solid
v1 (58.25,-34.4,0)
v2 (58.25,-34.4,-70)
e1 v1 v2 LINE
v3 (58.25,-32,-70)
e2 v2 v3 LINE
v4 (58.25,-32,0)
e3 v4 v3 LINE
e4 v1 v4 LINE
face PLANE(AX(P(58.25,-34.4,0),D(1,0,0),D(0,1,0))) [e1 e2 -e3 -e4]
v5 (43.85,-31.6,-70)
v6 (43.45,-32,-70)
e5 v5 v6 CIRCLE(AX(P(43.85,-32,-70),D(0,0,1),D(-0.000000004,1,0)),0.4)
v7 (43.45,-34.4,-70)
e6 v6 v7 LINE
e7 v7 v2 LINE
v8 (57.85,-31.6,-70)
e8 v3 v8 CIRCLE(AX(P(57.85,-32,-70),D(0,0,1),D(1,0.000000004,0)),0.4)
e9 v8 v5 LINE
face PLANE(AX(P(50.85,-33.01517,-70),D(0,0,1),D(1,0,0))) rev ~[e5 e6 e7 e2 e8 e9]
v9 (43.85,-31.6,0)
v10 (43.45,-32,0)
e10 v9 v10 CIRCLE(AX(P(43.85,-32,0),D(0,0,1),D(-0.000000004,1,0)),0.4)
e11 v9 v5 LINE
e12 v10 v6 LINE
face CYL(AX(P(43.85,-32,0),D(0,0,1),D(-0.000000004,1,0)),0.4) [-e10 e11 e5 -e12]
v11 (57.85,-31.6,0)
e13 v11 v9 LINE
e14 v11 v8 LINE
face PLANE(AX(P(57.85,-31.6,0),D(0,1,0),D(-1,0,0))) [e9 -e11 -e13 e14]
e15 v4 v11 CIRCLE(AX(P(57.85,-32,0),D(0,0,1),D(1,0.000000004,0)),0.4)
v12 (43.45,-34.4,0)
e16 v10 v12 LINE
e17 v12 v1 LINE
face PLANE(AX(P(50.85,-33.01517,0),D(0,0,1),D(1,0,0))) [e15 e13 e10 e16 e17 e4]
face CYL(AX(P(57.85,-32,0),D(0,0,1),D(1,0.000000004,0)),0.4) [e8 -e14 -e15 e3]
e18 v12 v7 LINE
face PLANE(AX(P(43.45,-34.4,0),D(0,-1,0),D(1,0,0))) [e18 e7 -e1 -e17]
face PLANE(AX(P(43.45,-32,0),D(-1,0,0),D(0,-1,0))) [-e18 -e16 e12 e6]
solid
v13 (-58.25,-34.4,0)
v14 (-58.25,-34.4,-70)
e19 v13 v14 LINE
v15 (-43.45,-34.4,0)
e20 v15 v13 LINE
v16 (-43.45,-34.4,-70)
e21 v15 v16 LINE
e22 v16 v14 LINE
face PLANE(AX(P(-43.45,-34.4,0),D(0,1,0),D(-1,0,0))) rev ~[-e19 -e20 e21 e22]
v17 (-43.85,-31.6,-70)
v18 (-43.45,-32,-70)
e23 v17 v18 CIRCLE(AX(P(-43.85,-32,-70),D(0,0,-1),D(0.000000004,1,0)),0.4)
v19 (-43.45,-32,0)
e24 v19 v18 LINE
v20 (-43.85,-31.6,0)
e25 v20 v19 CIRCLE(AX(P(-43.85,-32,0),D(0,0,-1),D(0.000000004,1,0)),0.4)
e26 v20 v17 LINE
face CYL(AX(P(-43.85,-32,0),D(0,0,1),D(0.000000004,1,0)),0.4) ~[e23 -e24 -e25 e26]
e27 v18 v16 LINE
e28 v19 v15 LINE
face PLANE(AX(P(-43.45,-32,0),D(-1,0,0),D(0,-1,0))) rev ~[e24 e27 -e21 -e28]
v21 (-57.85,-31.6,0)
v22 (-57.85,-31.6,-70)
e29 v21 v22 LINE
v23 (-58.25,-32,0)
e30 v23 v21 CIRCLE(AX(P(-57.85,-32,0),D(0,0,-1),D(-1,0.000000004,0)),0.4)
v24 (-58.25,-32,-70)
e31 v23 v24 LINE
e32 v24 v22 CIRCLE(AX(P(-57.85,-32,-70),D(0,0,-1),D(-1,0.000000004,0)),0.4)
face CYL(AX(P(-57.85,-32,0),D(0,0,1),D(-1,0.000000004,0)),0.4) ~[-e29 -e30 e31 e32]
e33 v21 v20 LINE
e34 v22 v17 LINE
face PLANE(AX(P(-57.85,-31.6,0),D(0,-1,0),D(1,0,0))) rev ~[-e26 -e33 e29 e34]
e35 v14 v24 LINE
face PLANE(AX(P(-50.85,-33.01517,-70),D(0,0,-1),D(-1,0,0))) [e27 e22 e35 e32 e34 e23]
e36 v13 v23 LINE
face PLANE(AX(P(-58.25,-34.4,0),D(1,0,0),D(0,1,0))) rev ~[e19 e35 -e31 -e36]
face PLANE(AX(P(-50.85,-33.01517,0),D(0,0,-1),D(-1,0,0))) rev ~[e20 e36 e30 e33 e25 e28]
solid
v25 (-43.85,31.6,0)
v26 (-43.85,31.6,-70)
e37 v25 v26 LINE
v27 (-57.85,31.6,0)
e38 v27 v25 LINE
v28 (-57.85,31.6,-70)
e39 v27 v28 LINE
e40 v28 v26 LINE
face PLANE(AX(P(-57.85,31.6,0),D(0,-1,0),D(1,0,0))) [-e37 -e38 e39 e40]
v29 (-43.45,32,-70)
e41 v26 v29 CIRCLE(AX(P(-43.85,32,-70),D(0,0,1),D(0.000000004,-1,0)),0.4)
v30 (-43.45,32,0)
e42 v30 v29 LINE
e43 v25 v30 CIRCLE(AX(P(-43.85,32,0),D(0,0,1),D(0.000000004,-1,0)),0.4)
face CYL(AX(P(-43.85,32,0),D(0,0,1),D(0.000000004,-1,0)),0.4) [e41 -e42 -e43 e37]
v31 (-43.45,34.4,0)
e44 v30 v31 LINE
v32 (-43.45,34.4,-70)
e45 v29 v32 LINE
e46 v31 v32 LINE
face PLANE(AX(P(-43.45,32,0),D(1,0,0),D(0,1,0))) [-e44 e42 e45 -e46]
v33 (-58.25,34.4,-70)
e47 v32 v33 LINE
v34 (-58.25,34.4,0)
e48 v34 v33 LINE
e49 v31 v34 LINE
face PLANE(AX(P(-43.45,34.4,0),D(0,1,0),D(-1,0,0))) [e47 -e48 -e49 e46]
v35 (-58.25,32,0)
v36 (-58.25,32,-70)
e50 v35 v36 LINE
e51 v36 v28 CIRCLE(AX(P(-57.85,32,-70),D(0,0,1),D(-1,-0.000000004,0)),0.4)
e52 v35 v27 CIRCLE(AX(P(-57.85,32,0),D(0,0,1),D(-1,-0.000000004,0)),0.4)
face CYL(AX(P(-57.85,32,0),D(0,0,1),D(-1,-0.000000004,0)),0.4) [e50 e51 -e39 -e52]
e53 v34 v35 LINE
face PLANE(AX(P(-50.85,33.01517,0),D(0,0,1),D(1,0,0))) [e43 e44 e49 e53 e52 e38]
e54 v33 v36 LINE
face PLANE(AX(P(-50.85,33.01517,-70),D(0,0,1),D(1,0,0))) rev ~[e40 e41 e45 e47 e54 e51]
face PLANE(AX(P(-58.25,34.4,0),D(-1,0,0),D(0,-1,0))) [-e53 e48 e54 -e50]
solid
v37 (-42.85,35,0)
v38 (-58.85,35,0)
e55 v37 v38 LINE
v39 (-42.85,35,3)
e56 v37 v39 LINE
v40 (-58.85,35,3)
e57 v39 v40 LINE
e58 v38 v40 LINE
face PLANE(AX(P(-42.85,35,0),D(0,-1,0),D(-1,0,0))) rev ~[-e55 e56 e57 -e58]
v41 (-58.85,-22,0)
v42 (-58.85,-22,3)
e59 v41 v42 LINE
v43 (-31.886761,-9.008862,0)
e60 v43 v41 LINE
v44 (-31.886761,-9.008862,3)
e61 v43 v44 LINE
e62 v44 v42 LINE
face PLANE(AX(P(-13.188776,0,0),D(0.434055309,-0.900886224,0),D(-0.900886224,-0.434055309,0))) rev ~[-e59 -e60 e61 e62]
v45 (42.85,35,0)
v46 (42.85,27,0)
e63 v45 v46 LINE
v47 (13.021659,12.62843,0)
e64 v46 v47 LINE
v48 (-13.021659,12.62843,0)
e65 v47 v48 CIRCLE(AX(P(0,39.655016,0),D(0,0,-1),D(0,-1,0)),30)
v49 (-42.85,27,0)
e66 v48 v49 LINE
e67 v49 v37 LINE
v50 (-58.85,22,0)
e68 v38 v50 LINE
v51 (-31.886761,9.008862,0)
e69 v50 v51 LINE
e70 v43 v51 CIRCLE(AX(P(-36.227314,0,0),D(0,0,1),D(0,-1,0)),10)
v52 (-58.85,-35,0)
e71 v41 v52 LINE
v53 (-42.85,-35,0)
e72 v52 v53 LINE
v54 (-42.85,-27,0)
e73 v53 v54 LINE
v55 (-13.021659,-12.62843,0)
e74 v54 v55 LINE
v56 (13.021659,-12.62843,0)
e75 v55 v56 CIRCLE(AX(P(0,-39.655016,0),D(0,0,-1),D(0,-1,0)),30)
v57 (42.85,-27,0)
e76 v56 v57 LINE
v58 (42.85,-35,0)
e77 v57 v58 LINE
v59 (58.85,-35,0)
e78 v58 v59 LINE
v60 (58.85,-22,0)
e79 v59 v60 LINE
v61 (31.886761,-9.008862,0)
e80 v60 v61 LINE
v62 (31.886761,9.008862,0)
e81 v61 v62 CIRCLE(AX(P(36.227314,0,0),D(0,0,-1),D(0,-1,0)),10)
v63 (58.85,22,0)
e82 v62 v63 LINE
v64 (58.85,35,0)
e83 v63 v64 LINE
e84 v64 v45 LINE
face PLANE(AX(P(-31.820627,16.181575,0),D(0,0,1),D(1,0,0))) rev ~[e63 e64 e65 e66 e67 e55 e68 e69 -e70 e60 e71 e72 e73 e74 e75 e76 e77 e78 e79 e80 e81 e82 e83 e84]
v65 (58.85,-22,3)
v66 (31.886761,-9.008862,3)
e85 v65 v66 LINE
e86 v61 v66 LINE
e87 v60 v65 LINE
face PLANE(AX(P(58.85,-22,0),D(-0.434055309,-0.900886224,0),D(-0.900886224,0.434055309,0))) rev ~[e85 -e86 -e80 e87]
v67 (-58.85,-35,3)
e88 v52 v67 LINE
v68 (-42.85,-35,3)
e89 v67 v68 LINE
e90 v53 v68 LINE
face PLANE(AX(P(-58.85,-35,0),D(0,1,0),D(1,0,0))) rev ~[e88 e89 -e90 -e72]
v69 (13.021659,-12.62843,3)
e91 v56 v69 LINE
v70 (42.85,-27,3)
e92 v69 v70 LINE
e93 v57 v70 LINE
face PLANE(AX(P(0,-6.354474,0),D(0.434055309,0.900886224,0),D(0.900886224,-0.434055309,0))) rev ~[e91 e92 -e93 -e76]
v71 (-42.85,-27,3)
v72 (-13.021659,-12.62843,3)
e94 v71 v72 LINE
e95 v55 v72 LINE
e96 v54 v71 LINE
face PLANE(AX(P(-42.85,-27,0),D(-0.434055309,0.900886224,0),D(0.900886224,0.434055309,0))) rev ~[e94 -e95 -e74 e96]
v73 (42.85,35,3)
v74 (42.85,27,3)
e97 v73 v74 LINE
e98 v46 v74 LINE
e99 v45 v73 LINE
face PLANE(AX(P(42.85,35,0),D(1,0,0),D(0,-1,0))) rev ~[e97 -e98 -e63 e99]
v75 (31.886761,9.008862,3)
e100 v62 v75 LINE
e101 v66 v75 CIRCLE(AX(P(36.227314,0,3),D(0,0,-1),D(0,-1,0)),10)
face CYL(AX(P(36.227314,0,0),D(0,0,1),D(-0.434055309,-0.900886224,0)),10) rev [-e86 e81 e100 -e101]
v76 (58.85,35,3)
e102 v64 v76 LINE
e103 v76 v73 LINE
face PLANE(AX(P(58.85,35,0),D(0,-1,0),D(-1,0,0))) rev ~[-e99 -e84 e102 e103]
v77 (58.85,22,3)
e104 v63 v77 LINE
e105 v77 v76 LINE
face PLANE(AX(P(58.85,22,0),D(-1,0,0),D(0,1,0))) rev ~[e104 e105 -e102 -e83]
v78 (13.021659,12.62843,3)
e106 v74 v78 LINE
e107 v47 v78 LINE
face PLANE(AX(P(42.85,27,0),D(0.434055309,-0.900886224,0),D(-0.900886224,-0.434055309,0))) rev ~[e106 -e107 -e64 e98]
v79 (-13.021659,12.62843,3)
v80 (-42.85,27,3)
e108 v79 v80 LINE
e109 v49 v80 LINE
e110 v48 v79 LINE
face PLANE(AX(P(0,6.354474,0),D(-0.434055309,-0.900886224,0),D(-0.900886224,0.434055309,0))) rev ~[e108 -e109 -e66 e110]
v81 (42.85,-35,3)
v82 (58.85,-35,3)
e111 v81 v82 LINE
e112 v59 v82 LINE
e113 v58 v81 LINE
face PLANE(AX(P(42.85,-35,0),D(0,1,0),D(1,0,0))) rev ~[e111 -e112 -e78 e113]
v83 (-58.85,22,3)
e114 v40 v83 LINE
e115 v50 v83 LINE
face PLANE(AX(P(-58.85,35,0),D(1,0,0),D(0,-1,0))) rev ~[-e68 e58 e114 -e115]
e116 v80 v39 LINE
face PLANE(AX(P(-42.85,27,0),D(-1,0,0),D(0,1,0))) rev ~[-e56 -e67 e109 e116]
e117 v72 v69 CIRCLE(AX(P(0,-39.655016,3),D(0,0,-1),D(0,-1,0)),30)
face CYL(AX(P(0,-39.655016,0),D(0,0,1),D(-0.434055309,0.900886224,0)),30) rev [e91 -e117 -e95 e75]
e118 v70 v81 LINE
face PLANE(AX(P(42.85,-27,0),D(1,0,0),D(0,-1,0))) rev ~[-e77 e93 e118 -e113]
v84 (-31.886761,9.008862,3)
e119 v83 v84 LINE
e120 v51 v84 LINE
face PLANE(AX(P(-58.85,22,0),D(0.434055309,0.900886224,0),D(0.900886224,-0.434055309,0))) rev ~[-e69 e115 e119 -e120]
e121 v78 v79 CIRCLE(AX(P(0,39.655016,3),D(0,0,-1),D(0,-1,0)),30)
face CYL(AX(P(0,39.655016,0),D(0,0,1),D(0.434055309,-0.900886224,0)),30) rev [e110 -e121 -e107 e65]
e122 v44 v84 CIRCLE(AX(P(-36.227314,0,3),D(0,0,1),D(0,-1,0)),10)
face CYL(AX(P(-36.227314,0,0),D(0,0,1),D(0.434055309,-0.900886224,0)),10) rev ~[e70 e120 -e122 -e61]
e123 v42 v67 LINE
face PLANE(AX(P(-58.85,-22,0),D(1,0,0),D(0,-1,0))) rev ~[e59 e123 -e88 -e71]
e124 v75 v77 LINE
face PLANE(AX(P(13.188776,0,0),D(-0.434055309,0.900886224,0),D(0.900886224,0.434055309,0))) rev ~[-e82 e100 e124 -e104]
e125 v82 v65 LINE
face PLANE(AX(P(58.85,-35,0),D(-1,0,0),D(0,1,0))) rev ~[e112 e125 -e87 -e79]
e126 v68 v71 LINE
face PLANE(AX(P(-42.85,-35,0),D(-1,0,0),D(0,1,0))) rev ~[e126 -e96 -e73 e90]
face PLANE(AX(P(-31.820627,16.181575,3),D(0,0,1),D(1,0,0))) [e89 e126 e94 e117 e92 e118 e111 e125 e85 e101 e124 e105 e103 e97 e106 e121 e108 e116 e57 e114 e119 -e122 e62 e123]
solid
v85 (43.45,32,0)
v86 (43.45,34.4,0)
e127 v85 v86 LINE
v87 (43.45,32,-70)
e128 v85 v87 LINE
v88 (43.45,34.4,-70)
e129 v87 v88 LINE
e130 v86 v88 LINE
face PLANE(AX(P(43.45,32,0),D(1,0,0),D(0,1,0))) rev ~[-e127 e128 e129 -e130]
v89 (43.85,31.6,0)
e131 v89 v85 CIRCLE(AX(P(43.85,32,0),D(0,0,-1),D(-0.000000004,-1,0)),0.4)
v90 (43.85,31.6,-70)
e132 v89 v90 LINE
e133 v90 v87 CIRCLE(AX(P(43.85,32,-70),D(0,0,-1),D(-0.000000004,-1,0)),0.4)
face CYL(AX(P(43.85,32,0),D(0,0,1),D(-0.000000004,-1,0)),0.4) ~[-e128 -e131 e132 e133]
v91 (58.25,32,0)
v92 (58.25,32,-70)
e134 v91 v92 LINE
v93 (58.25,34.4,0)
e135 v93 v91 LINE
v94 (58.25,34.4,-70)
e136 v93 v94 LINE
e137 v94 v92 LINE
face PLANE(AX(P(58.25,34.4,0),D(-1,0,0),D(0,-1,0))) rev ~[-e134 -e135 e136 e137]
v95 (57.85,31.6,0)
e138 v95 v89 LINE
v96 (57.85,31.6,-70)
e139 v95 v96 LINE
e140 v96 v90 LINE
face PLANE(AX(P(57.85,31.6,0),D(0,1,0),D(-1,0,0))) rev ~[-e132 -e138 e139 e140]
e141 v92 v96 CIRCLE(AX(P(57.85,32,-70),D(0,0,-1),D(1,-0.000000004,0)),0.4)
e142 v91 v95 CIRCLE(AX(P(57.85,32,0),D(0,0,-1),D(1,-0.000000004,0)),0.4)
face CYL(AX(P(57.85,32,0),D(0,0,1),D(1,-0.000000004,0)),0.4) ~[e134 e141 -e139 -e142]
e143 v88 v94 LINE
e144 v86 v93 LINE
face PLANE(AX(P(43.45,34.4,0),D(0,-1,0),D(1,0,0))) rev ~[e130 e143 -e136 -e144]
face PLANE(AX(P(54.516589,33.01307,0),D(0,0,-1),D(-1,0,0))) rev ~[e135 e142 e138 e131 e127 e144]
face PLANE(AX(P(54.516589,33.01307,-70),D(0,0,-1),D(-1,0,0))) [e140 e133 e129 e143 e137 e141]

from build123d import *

# Parameters (mm, degrees)
EXTRUDE_1_DEPTH = 3
FILLET_1_R      = 30
FILLET_2_R      = 10
EXTRUDE_2_DEPTH = 70


with BuildPart() as part:
    # Эскиз1 → Бобышка-Вытянуть1 (new body)
    with BuildSketch(Plane.XY):
        with BuildLine():
            ThreePointArc((-57.85, 31), (-58.557106781, 31.292893219), (-58.85, 32))
            Line((-58.85, 32), (-58.85, 22))
            Line((-58.85, 22), (-13.18877551, 0))
            Line((-13.18877551, 0), (0, 6.354473943))
            Line((0, 6.354473943), (-42.85, 27))
            Line((-42.85, 27), (-42.85, 32))
            ThreePointArc((-42.85, 32), (-43.142893219, 31.292893219), (-43.85, 31))
            Line((-43.85, 31), (-57.85, 31))
        make_face()
        with BuildLine():
            Line((42.85, 27), (0, 6.354473943))
            Line((0, 6.354473943), (13.18877551, 0))
            Line((13.18877551, 0), (58.85, 22))
            Line((58.85, 22), (58.85, 32))
            ThreePointArc((58.85, 32), (58.557106781, 31.292893219), (57.85, 31))
            Line((57.85, 31), (43.85, 31))
            ThreePointArc((43.85, 31), (43.142893219, 31.292893219), (42.85, 32))
            Line((42.85, 32), (42.85, 27))
        make_face()
        with BuildLine():
            Line((-58.85, -22), (-58.85, -32))
            ThreePointArc((-58.85, -32), (-58.557106781, -31.292893219), (-57.85, -31))
            Line((-57.85, -31), (-43.85, -31))
            ThreePointArc((-43.85, -31), (-43.142893219, -31.292893219), (-42.85, -32))
            Line((-42.85, -32), (-42.85, -27))
            Line((-42.85, -27), (0, -6.354473943))
            Line((0, -6.354473943), (-13.18877551, 0))
            Line((-13.18877551, 0), (-58.85, -22))
        make_face()
        with BuildLine():
            Line((42.85, -27), (42.85, -32))
            ThreePointArc((42.85, -32), (43.142893219, -31.292893219), (43.85, -31))
            Line((43.85, -31), (57.85, -31))
            ThreePointArc((57.85, -31), (58.557106781, -31.292893219), (58.85, -32))
            Line((58.85, -32), (58.85, -22))
            Line((58.85, -22), (13.18877551, 0))
            Line((13.18877551, 0), (0, -6.354473943))
            Line((0, -6.354473943), (42.85, -27))
        make_face()
        Polygon((0, 6.354473943), (-13.18877551, 0), (0, -6.354473943), (13.18877551, 0), align=None)
        with BuildLine():
            Line((-42.85, 35), (-58.85, 35))
            Line((-58.85, 35), (-58.85, 32))
            ThreePointArc((-58.85, 32), (-58.557106781, 31.292893219), (-57.85, 31))
            Line((-57.85, 31), (-43.85, 31))
            ThreePointArc((-43.85, 31), (-43.142893219, 31.292893219), (-42.85, 32))
            Line((-42.85, 32), (-42.85, 35))
        make_face()
        with BuildLine():
            Line((-58.85, -32), (-58.85, -35))
            Line((-58.85, -35), (-42.85, -35))
            Line((-42.85, -35), (-42.85, -32))
            ThreePointArc((-42.85, -32), (-43.142893219, -31.292893219), (-43.85, -31))
            Line((-43.85, -31), (-57.85, -31))
            ThreePointArc((-57.85, -31), (-58.557106781, -31.292893219), (-58.85, -32))
        make_face()
        with BuildLine():
            Line((42.85, -32), (42.85, -35))
            Line((42.85, -35), (58.85, -35))
            Line((58.85, -35), (58.85, -32))
            ThreePointArc((58.85, -32), (58.557106781, -31.292893219), (57.85, -31))
            Line((57.85, -31), (43.85, -31))
            ThreePointArc((43.85, -31), (43.142893219, -31.292893219), (42.85, -32))
        make_face()
        with BuildLine():
            Line((58.85, 35), (42.85, 35))
            Line((42.85, 35), (42.85, 32))
            ThreePointArc((42.85, 32), (43.142893219, 31.292893219), (43.85, 31))
            Line((43.85, 31), (57.85, 31))
            ThreePointArc((57.85, 31), (58.557106781, 31.292893219), (58.85, 32))
            Line((58.85, 32), (58.85, 35))
        make_face()
    extrude(amount=EXTRUDE_1_DEPTH)

    # Скругление1
    fillet_1_edges = [part.edges().sort_by_distance(p)[0] for p in [
        (0, -6.354473943, 1.5),
        (0, 6.354473943, 1.5),
    ]]
    fillet(fillet_1_edges, radius=FILLET_1_R)

    # Скругление2
    fillet_2_edges = [part.edges().sort_by_distance(p)[0] for p in [
        (-13.18877551, 0, 1.5),
        (13.18877551, 0, 1.5),
    ]]
    fillet(fillet_2_edges, radius=FILLET_2_R)


with BuildPart() as body_2:
    # Эскиз2 → Бобышка-Вытянуть2 (new body)
    with BuildSketch(Plane(origin=(0, 0, 0), x_dir=(-1, 0, 0), z_dir=(0, 0, -1))):
        with BuildLine():
            Line((-50.85, 34.4), (-58.25, 34.4))
            Line((-58.25, 34.4), (-58.25, 32))
            ThreePointArc((-58.25, 32), (-58.132842712, 31.717157288), (-57.85, 31.6))
            Line((-57.85, 31.6), (-50.85, 31.6))
            Line((-50.85, 31.6), (-50.85, 34.4))
        make_face()
        with BuildLine():
            Line((-43.45, 34.4), (-50.85, 34.4))
            Line((-50.85, 34.4), (-50.85, 31.6))
            Line((-50.85, 31.6), (-43.85, 31.6))
            ThreePointArc((-43.85, 31.6), (-43.567157288, 31.717157288), (-43.45, 32))
            Line((-43.45, 32), (-43.45, 34.4))
        make_face()
        with BuildLine():
            Line((-57.85, -31.6), (-43.85, -31.6))
            ThreePointArc((-43.85, -31.6), (-43.567157288, -31.717157288), (-43.45, -32))
            Line((-43.45, -32), (-43.45, -34.4))
            Line((-43.45, -34.4), (-58.25, -34.4))
            Line((-58.25, -34.4), (-58.25, -32))
            ThreePointArc((-58.25, -32), (-58.132842712, -31.717157288), (-57.85, -31.6))
        make_face()
        with BuildLine():
            Line((57.85, -31.6), (43.85, -31.6))
            ThreePointArc((43.85, -31.6), (43.567157288, -31.717157288), (43.45, -32))
            Line((43.45, -32), (43.45, -34.4))
            Line((43.45, -34.4), (58.25, -34.4))
            Line((58.25, -34.4), (58.25, -32))
            ThreePointArc((58.25, -32), (58.132842712, -31.717157288), (57.85, -31.6))
        make_face()
        with BuildLine():
            Line((43.45, 32), (43.45, 34.4))
            Line((43.45, 34.4), (58.25, 34.4))
            Line((58.25, 34.4), (58.25, 32))
            ThreePointArc((58.25, 32), (58.132842712, 31.717157288), (57.85, 31.6))
            Line((57.85, 31.6), (43.85, 31.6))
            ThreePointArc((43.85, 31.6), (43.567157288, 31.717157288), (43.45, 32))
        make_face()
    extrude(amount=EXTRUDE_2_DEPTH)


solid = Compound([part.part, body_2.part])
